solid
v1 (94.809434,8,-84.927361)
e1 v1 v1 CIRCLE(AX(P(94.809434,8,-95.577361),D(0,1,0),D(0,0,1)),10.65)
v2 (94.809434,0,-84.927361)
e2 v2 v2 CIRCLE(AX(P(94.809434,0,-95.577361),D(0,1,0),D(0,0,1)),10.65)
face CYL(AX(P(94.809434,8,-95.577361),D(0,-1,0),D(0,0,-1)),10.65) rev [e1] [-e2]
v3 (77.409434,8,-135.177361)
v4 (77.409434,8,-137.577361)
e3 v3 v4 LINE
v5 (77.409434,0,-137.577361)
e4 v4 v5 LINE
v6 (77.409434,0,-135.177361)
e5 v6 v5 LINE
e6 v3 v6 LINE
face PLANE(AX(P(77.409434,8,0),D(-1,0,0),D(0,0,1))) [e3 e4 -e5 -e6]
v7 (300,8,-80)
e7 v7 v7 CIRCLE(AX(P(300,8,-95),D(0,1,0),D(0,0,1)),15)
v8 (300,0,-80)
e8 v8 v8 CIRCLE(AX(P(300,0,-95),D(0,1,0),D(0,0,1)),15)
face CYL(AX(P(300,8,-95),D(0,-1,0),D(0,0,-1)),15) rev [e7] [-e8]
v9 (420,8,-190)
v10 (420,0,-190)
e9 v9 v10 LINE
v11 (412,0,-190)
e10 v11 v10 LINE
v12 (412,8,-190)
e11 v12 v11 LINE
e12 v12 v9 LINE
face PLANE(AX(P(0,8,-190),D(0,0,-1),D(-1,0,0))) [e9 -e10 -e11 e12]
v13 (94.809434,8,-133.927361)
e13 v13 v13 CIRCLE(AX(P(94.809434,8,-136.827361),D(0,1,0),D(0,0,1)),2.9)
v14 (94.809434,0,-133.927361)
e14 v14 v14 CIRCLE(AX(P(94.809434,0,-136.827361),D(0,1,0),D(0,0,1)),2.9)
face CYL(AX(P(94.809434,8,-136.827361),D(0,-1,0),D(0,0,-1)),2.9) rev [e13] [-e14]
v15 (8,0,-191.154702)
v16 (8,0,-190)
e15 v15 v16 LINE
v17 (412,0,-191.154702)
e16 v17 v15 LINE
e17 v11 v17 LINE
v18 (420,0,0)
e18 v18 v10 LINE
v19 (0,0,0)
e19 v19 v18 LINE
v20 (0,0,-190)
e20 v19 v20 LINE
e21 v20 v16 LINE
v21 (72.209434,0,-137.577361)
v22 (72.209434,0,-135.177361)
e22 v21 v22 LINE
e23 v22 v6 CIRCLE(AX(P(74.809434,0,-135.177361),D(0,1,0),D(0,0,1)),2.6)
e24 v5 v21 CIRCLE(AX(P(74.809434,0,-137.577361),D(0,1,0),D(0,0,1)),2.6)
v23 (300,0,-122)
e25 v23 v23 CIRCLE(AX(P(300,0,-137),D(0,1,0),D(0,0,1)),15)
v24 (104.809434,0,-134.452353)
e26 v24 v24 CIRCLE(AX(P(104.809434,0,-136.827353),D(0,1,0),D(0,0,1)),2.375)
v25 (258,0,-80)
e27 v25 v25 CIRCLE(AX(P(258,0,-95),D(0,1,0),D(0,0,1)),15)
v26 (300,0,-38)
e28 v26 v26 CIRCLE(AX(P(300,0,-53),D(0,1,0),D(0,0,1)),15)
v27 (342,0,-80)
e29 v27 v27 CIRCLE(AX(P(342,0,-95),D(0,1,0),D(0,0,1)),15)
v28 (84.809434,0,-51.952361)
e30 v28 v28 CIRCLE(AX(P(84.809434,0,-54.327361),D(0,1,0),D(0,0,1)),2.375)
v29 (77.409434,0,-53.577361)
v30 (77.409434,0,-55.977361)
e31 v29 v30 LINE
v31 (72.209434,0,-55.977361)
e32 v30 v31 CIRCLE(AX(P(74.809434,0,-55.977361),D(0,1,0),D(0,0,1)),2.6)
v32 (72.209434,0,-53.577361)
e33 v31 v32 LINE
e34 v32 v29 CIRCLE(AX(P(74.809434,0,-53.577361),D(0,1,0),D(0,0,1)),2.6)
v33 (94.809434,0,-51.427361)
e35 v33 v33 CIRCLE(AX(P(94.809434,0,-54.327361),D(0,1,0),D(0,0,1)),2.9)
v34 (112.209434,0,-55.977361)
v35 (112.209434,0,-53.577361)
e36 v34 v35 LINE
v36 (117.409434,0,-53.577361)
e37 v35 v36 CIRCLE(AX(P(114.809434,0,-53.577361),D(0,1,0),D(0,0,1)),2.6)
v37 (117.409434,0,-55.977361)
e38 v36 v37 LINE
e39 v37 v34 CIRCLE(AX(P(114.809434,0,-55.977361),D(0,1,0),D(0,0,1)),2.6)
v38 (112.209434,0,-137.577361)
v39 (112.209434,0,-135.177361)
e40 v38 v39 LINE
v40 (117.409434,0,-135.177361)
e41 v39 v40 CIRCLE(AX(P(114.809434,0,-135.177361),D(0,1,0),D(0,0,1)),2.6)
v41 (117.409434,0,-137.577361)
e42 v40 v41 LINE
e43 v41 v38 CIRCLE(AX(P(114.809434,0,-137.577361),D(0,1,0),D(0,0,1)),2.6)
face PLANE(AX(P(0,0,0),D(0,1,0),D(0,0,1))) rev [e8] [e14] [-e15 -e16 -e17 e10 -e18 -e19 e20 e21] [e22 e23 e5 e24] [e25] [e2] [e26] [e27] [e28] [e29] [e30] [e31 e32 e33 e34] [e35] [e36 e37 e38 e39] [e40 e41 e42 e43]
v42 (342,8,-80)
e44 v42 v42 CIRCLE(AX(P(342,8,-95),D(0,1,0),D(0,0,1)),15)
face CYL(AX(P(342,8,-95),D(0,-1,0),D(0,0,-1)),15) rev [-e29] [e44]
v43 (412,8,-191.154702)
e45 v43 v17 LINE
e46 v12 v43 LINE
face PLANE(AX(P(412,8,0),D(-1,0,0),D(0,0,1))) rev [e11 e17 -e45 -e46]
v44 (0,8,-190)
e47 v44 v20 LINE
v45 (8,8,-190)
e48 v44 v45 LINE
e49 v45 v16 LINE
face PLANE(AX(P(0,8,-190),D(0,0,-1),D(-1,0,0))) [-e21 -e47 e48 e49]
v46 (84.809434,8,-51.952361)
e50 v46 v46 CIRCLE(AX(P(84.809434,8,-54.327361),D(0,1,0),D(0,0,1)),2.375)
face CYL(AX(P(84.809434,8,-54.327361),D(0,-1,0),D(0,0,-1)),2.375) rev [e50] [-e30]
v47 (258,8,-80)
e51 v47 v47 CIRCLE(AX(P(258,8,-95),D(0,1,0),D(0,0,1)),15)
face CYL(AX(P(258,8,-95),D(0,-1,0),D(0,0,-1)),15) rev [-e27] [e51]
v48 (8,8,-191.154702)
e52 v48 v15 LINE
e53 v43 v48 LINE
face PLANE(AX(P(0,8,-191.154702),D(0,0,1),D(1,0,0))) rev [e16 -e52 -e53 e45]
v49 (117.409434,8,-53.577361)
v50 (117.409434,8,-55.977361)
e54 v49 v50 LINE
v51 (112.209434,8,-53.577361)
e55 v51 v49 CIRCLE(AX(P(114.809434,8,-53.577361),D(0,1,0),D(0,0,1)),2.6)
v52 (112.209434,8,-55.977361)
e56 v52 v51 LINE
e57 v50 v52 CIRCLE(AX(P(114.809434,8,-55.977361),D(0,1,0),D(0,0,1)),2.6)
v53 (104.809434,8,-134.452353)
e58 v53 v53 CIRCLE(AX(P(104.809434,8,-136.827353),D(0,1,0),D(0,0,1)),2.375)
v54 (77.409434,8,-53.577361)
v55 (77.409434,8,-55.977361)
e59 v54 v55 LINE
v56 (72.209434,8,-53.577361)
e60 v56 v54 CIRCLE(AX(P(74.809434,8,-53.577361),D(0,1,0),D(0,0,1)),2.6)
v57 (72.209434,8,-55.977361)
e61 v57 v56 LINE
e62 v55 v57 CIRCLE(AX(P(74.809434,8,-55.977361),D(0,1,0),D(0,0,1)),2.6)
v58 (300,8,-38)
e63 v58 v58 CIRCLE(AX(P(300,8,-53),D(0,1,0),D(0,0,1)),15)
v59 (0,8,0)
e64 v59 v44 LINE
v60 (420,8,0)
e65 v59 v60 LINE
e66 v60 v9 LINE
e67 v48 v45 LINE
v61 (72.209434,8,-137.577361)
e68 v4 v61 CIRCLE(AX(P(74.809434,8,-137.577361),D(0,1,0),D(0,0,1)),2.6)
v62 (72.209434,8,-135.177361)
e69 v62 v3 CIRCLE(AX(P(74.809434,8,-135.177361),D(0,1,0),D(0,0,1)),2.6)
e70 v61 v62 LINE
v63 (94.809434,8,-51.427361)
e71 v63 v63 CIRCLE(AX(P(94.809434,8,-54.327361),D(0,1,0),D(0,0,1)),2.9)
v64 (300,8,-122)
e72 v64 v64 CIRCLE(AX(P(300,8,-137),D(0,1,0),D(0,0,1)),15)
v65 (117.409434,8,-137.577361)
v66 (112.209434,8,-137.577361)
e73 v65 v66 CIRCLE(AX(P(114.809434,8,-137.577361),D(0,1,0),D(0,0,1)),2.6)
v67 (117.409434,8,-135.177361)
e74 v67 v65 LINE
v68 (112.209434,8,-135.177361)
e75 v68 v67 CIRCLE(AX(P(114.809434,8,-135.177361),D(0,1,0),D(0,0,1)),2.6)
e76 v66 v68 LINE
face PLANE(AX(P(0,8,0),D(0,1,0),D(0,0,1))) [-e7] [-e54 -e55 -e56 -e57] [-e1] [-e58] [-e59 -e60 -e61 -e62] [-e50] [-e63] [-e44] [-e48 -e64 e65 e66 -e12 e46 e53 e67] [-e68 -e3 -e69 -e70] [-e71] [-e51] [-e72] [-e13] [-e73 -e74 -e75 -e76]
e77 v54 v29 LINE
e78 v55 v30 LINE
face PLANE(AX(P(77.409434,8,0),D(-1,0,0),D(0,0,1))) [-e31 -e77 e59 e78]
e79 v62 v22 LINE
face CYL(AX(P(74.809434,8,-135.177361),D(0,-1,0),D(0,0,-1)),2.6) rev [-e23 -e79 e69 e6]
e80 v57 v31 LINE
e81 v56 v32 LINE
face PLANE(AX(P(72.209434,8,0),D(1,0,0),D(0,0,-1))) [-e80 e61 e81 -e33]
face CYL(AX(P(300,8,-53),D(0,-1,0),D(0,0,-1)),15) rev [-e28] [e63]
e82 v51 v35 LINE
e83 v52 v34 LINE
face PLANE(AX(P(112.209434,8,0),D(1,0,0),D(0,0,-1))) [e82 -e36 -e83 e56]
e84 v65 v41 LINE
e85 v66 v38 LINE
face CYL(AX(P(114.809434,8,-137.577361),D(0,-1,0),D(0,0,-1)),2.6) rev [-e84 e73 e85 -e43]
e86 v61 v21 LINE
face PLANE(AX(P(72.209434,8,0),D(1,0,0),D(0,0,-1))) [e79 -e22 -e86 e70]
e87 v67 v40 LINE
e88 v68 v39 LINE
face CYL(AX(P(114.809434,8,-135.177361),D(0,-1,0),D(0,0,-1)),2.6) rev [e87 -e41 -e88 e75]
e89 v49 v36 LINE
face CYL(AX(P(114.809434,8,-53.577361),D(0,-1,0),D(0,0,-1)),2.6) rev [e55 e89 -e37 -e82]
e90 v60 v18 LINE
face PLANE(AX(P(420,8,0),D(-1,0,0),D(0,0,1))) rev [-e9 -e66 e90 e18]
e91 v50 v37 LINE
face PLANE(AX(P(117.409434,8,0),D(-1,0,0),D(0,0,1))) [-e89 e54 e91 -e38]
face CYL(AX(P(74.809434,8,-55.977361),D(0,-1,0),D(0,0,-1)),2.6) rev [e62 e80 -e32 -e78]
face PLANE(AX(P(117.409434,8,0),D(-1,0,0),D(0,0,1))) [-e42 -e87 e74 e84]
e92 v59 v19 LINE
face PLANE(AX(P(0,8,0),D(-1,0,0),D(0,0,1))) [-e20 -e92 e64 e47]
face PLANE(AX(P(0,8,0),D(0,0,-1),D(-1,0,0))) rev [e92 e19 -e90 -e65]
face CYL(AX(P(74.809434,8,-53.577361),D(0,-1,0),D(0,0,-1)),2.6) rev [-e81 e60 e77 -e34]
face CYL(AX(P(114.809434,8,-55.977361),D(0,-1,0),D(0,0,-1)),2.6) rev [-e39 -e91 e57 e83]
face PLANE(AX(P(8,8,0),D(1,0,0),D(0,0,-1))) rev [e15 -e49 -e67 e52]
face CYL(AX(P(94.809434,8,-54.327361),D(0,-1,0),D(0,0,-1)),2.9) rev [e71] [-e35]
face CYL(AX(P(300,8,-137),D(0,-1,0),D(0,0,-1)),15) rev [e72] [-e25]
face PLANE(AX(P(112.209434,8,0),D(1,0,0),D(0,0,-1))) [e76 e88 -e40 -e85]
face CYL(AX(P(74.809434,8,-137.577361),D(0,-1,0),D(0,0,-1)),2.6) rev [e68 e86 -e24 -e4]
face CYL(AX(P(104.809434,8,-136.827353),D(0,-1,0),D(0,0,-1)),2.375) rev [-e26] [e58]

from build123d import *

# Parameters (mm, degrees)
SKETCH1_R           = 15
SKETCH1_R_2         = 2.375
SKETCH1_R_3         = 2.9
SKETCH1_R_4         = 10.65
BOSS_EXTRUDE1_DEPTH = 8


with BuildPart() as part:
    # Sketch1 → Boss-Extrude1 (new body)
    with BuildSketch(Plane(origin=(0, 0, 0), x_dir=(1, 0, 0), z_dir=(0, 1, 0))):
        Polygon((8, 191.154701829), (8, 190), (0, 190), (0, 0), (420, 0), (420, 190), (412, 190), (412, 191.154701829), align=None)
        with Locations(Location((300, 137, 0), (0, 0, 270))):
            Circle(SKETCH1_R, mode=Mode.SUBTRACT)
        with Locations(Location((300, 53, 0), (0, 0, 270))):
            Circle(SKETCH1_R, mode=Mode.SUBTRACT)
        with Locations(Location((258, 95, 0), (0, 0, 270))):
            Circle(SKETCH1_R, mode=Mode.SUBTRACT)
        with Locations(Location((300, 95, 0), (0, 0, 270))):
            Circle(SKETCH1_R, mode=Mode.SUBTRACT)
        with Locations(Location((342, 95, 0), (0, 0, 270))):
            Circle(SKETCH1_R, mode=Mode.SUBTRACT)
        with BuildLine():
            Line((112.209434277, 135.177360592), (112.209434277, 137.577360592))
            ThreePointArc((112.209434277, 137.577360592), (114.809434277, 140.177360592), (117.409434277, 137.577360592))
            Line((117.409434277, 137.577360592), (117.409434277, 135.177360592))
            ThreePointArc((117.409434277, 135.177360592), (114.809434277, 132.577360592), (112.209434277, 135.177360592))
        make_face(mode=Mode.SUBTRACT)
        with Locations(Location((104.809434277, 136.82735285, 0), (0, 0, 270))):
            Circle(SKETCH1_R_2, mode=Mode.SUBTRACT)
        with BuildLine():
            Line((72.209434277, 53.577360592), (72.209434277, 55.977360592))
            ThreePointArc((72.209434277, 55.977360592), (74.809434277, 58.577360592), (77.409434277, 55.977360592))
            Line((77.409434277, 55.977360592), (77.409434277, 53.577360592))
            ThreePointArc((77.409434277, 53.577360592), (74.809434277, 50.977360592), (72.209434277, 53.577360592))
        make_face(mode=Mode.SUBTRACT)
        with Locations(Location((84.809434277, 54.327360592, 0), (0, 0, 270))):
            Circle(SKETCH1_R_2, mode=Mode.SUBTRACT)
        with Locations(Location((94.809434277, 54.327360592, 0), (0, 0, 270))):
            Circle(SKETCH1_R_3, mode=Mode.SUBTRACT)
        with BuildLine():
            Line((112.209434277, 53.577360592), (112.209434277, 55.977360592))
            ThreePointArc((112.209434277, 55.977360592), (114.809434277, 58.577360592), (117.409434277, 55.977360592))
            Line((117.409434277, 55.977360592), (117.409434277, 53.577360592))
            ThreePointArc((117.409434277, 53.577360592), (114.809434277, 50.977360592), (112.209434277, 53.577360592))
        make_face(mode=Mode.SUBTRACT)
        with Locations(Location((94.809434277, 95.577360592, 0), (0, 0, 270))):
            Circle(SKETCH1_R_4, mode=Mode.SUBTRACT)
        with BuildLine():
            Line((77.409434277, 137.577360592), (77.409434277, 135.177360592))
            ThreePointArc((77.409434277, 135.177360592), (74.809434277, 132.577360592), (72.209434277, 135.177360592))
            Line((72.209434277, 135.177360592), (72.209434277, 137.577360592))
            ThreePointArc((72.209434277, 137.577360592), (74.809434277, 140.177360592), (77.409434277, 137.577360592))
        make_face(mode=Mode.SUBTRACT)
        with Locations(Location((94.809434277, 136.827360592, 0), (0, 0, 270))):
            Circle(SKETCH1_R_3, mode=Mode.SUBTRACT)
    extrude(amount=BOSS_EXTRUDE1_DEPTH)


solid = part.part
